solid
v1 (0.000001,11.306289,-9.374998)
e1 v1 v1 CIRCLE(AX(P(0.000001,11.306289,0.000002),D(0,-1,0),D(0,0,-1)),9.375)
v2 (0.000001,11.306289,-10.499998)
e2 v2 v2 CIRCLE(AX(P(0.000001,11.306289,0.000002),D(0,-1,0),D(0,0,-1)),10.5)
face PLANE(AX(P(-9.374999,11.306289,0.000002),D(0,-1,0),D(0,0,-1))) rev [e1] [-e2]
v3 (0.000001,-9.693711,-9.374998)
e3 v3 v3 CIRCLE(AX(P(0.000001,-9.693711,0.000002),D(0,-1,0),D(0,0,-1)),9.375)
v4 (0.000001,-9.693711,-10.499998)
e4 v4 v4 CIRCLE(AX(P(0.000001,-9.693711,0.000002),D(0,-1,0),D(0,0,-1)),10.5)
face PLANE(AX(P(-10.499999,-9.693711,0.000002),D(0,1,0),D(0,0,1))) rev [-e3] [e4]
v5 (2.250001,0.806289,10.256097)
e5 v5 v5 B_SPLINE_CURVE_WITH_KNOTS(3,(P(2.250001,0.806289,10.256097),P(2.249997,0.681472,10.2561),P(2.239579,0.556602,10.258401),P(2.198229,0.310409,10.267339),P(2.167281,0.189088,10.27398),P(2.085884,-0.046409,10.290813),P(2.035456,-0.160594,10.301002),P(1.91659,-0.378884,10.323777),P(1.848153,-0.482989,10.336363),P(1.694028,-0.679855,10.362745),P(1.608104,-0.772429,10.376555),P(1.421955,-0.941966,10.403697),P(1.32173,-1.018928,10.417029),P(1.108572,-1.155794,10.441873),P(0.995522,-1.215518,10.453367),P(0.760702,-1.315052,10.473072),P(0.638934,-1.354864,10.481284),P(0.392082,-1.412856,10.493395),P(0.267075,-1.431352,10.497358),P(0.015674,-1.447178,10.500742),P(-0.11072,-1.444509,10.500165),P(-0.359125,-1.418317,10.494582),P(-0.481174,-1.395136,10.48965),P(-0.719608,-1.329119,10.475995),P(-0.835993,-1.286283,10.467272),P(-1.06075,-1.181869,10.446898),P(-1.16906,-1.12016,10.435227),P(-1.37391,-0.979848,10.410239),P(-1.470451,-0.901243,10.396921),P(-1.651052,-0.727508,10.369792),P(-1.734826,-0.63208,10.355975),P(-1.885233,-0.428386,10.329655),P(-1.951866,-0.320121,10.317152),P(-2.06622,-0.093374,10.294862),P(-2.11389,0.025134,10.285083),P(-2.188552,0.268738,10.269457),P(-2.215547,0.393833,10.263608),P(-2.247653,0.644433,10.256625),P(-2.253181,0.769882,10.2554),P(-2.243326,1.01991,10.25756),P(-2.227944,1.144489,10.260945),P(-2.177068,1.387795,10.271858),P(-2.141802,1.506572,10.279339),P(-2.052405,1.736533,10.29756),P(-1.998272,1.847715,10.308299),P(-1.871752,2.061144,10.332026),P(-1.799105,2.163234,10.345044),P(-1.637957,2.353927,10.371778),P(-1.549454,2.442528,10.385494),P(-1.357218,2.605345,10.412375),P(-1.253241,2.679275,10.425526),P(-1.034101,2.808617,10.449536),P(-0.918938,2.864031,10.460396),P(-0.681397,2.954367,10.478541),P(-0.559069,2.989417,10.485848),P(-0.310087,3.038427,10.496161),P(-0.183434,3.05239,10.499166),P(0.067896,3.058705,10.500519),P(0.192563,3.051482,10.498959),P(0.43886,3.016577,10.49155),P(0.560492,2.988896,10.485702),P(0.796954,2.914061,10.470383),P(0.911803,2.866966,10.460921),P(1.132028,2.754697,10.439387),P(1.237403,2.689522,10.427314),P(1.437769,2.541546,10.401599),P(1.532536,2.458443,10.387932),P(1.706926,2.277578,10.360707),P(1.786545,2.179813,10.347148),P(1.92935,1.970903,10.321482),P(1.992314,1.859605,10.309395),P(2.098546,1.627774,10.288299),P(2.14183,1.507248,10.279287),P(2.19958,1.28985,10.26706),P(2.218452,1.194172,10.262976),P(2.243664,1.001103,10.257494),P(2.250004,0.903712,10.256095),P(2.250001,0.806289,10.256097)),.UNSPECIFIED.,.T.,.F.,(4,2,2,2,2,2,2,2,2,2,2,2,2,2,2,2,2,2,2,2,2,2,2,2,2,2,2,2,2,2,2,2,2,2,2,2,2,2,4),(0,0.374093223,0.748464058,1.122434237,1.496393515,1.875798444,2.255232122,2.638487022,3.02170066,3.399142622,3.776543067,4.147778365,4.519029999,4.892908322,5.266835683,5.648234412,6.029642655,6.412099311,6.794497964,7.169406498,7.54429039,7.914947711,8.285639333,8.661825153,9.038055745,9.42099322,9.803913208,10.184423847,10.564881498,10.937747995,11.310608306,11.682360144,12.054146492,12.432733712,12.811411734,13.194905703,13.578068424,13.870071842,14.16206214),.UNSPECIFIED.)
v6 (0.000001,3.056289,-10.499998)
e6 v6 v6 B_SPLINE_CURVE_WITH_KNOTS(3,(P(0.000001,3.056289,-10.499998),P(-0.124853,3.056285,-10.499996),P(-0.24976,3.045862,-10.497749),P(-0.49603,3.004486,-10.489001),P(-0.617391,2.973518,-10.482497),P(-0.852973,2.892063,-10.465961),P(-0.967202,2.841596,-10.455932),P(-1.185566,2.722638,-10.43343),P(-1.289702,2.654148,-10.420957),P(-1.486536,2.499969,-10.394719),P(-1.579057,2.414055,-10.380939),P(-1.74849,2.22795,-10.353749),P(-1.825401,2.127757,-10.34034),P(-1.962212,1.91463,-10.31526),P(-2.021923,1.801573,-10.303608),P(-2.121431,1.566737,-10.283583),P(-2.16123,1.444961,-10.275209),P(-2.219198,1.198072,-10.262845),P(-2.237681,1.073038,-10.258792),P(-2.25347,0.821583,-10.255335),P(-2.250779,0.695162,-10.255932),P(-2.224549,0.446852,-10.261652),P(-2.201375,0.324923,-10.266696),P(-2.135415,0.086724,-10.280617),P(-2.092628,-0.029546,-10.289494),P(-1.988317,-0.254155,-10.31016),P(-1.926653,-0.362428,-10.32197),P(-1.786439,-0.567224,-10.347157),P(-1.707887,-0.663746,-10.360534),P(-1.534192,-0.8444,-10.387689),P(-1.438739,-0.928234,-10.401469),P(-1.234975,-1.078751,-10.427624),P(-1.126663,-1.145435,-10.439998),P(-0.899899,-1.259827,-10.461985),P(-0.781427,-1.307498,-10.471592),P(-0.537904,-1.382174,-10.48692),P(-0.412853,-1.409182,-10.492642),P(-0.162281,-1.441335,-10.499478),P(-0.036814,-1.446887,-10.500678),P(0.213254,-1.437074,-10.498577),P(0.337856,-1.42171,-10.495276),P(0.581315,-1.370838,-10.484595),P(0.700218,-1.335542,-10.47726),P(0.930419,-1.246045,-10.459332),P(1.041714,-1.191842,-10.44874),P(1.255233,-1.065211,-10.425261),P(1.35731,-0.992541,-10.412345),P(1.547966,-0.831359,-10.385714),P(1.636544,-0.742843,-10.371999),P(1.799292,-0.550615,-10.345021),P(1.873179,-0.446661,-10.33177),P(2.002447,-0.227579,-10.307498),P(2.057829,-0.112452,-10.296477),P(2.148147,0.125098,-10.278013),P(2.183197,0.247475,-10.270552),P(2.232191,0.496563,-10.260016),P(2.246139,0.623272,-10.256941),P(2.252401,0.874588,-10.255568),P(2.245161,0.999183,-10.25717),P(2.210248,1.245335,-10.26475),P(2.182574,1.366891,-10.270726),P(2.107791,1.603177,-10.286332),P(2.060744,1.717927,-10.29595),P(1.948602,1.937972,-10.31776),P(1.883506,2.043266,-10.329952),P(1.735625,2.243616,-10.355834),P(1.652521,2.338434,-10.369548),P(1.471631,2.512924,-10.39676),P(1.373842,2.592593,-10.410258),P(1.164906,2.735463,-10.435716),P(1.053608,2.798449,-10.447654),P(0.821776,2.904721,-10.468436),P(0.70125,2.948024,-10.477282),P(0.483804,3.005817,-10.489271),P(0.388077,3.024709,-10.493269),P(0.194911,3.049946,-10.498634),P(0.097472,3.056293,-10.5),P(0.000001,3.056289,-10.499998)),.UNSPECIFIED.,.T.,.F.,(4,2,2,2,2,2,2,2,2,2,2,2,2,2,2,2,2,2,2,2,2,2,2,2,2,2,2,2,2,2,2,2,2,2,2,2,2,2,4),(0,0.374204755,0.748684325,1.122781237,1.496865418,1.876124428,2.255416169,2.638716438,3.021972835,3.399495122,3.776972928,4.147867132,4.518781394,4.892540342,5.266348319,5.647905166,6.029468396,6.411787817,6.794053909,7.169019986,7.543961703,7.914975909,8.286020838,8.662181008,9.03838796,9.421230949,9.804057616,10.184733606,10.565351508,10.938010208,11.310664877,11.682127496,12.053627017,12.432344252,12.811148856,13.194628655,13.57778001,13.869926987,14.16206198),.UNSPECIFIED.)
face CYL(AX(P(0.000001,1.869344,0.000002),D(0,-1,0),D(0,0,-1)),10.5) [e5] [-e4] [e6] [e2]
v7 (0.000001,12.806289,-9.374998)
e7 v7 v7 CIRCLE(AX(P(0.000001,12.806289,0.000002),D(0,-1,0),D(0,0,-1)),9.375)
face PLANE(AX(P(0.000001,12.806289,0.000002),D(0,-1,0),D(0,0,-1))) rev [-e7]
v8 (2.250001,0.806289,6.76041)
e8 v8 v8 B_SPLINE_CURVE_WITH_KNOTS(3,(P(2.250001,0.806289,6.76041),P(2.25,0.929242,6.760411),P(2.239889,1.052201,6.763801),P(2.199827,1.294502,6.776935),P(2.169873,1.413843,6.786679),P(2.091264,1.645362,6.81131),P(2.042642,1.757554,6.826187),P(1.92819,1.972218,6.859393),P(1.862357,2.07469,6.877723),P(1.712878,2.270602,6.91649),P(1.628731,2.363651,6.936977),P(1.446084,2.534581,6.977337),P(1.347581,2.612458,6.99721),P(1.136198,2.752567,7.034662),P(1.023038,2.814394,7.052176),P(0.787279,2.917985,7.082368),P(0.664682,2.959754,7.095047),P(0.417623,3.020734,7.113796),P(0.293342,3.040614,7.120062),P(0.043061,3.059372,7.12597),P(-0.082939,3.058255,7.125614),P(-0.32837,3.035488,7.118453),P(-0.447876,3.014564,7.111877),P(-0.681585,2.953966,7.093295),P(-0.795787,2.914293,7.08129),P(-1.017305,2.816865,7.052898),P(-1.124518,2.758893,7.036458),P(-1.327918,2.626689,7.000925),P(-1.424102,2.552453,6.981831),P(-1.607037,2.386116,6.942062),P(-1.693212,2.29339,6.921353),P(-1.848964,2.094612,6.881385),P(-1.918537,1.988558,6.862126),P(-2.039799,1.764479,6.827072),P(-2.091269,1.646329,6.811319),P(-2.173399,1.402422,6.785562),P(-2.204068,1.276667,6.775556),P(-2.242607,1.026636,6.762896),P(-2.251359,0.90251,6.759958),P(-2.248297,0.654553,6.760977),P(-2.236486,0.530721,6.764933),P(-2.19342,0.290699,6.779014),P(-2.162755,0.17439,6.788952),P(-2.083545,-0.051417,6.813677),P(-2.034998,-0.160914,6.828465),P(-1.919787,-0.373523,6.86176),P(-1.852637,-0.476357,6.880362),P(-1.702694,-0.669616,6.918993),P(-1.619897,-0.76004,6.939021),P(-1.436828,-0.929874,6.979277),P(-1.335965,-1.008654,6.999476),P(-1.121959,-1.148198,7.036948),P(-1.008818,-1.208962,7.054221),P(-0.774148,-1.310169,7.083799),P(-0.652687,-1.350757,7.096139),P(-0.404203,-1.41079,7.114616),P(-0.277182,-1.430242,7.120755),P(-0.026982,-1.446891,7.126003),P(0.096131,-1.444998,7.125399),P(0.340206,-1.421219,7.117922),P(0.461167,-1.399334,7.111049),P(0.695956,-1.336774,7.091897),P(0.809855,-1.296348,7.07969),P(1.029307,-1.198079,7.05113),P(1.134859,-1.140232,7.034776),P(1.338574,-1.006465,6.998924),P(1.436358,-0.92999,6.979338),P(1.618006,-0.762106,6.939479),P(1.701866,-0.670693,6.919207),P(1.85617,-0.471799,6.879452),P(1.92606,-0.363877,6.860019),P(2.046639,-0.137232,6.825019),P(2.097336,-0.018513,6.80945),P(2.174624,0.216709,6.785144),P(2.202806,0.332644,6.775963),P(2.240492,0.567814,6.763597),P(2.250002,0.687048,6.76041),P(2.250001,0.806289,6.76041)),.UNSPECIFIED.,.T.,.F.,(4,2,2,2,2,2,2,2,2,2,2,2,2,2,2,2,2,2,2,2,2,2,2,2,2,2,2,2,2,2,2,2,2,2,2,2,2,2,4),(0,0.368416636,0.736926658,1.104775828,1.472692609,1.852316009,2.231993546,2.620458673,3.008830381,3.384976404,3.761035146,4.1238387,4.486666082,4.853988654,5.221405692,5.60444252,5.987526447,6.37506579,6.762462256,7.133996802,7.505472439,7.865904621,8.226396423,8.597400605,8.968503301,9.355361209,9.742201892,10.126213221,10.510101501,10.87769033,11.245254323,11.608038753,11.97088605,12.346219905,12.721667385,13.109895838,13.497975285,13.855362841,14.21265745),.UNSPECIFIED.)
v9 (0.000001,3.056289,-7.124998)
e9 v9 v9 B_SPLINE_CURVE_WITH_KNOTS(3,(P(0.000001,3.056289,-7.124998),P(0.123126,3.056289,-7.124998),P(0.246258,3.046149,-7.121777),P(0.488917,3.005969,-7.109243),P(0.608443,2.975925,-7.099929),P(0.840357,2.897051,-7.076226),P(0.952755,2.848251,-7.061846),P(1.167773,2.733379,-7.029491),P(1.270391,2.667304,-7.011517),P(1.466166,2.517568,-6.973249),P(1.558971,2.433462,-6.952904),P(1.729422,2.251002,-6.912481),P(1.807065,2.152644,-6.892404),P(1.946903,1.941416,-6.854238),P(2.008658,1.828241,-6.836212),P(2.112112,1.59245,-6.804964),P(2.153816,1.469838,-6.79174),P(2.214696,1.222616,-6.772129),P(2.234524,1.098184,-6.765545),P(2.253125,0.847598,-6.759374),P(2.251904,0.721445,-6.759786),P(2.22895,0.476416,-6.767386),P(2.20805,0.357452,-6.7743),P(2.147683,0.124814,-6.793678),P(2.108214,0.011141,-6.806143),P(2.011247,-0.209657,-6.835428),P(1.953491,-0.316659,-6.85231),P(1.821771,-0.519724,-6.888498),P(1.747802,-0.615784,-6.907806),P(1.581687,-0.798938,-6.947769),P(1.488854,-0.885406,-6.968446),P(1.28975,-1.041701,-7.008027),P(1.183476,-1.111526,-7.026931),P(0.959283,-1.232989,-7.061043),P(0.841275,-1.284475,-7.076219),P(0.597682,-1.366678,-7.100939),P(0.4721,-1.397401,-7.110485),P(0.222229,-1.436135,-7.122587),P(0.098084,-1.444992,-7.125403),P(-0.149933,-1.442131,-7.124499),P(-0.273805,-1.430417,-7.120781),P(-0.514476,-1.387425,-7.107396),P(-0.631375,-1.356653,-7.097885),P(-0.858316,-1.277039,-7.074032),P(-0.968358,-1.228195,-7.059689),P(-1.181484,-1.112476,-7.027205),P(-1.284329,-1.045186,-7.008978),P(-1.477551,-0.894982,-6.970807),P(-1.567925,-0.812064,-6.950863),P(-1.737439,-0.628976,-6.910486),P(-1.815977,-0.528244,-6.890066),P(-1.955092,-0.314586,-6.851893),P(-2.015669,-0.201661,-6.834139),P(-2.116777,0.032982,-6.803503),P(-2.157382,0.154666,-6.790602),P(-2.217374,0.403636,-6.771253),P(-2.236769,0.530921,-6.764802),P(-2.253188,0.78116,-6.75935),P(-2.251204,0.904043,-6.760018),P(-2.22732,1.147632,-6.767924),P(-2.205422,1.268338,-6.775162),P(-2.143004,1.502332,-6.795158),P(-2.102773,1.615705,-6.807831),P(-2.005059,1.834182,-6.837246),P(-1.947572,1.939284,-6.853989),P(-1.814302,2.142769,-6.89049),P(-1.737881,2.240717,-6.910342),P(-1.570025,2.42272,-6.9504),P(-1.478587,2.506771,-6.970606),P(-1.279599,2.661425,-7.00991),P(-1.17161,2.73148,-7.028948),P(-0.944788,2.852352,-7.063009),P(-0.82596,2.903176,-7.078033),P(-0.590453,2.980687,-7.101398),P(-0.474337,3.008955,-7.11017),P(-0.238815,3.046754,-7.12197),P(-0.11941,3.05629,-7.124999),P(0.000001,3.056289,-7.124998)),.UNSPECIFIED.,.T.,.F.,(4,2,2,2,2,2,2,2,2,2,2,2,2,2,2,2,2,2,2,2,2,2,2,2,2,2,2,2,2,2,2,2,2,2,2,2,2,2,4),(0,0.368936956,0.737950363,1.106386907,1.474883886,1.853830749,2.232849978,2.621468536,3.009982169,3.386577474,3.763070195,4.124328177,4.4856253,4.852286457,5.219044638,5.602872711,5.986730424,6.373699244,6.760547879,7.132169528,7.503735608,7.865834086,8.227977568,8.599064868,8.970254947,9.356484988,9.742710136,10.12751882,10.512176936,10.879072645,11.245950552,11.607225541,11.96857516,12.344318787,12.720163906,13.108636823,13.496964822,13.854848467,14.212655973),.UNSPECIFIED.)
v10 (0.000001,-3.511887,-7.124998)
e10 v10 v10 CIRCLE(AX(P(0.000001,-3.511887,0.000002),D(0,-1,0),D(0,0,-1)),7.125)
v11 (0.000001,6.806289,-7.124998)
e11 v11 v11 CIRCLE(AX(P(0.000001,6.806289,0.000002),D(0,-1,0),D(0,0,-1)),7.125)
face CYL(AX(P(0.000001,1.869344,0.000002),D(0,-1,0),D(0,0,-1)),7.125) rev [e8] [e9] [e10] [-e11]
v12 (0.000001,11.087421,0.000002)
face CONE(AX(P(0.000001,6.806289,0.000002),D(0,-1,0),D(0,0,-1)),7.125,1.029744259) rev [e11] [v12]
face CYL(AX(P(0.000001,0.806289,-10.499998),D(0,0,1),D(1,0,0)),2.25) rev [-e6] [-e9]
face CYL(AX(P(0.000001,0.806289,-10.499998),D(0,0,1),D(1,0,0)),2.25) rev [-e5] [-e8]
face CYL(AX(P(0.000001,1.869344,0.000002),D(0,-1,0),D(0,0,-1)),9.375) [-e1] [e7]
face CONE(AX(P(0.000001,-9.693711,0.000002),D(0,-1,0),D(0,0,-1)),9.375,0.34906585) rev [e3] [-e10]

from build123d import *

# Parameters (mm, degrees)
CUT_EXTRUDE1_DEPTH      = 14.868123463
CUT_EXTRUDE1_DEPTH_BACK = 14.868123463
SKETCH2_R               = 1.5
SCALE1_SCALE            = 1.5


with BuildPart() as part:
    # Sketch1 → Revolve1 (revolve)
    with BuildSketch(Plane.XY, mode=Mode.PRIVATE) as revolve1_sk:
        Polygon((0, 9.712098042), (-6.25, 9.712098042), (-6.25, 8.712098042), (-7, 8.712098042), (-7, -5.287901958), (-6.25, -5.287901958), (-4.75, -1.166685828), (-4.75, 5.712098042), (0, 8.566185983), align=None)
    revolve(revolve1_sk.sketch.rotate(Axis((0, 2.420801252, 0), (0, 1, 0)), 270), axis=Axis((0, 2.420801252, 0), (0, 1, 0)))

    # Sketch2 → Cut-Extrude1 (cut, two sides: drawn at the far end of the back side and taken through both)
    with BuildSketch(Plane.XY.offset(-CUT_EXTRUDE1_DEPTH_BACK)):
        with Locations((0, 1.712098042)):
            Circle(SKETCH2_R)
    extrude(amount=CUT_EXTRUDE1_DEPTH + CUT_EXTRUDE1_DEPTH_BACK, mode=Mode.SUBTRACT)


with BuildPart() as part_1:
    # Scale1: scaled about (3.5175e-05, 3.523748347, -7.815e-06)
    add(part.part.scale(SCALE1_SCALE).moved(Location((-1.7588e-05, -1.761874174, 3.908e-06))))


solid = part_1.part
